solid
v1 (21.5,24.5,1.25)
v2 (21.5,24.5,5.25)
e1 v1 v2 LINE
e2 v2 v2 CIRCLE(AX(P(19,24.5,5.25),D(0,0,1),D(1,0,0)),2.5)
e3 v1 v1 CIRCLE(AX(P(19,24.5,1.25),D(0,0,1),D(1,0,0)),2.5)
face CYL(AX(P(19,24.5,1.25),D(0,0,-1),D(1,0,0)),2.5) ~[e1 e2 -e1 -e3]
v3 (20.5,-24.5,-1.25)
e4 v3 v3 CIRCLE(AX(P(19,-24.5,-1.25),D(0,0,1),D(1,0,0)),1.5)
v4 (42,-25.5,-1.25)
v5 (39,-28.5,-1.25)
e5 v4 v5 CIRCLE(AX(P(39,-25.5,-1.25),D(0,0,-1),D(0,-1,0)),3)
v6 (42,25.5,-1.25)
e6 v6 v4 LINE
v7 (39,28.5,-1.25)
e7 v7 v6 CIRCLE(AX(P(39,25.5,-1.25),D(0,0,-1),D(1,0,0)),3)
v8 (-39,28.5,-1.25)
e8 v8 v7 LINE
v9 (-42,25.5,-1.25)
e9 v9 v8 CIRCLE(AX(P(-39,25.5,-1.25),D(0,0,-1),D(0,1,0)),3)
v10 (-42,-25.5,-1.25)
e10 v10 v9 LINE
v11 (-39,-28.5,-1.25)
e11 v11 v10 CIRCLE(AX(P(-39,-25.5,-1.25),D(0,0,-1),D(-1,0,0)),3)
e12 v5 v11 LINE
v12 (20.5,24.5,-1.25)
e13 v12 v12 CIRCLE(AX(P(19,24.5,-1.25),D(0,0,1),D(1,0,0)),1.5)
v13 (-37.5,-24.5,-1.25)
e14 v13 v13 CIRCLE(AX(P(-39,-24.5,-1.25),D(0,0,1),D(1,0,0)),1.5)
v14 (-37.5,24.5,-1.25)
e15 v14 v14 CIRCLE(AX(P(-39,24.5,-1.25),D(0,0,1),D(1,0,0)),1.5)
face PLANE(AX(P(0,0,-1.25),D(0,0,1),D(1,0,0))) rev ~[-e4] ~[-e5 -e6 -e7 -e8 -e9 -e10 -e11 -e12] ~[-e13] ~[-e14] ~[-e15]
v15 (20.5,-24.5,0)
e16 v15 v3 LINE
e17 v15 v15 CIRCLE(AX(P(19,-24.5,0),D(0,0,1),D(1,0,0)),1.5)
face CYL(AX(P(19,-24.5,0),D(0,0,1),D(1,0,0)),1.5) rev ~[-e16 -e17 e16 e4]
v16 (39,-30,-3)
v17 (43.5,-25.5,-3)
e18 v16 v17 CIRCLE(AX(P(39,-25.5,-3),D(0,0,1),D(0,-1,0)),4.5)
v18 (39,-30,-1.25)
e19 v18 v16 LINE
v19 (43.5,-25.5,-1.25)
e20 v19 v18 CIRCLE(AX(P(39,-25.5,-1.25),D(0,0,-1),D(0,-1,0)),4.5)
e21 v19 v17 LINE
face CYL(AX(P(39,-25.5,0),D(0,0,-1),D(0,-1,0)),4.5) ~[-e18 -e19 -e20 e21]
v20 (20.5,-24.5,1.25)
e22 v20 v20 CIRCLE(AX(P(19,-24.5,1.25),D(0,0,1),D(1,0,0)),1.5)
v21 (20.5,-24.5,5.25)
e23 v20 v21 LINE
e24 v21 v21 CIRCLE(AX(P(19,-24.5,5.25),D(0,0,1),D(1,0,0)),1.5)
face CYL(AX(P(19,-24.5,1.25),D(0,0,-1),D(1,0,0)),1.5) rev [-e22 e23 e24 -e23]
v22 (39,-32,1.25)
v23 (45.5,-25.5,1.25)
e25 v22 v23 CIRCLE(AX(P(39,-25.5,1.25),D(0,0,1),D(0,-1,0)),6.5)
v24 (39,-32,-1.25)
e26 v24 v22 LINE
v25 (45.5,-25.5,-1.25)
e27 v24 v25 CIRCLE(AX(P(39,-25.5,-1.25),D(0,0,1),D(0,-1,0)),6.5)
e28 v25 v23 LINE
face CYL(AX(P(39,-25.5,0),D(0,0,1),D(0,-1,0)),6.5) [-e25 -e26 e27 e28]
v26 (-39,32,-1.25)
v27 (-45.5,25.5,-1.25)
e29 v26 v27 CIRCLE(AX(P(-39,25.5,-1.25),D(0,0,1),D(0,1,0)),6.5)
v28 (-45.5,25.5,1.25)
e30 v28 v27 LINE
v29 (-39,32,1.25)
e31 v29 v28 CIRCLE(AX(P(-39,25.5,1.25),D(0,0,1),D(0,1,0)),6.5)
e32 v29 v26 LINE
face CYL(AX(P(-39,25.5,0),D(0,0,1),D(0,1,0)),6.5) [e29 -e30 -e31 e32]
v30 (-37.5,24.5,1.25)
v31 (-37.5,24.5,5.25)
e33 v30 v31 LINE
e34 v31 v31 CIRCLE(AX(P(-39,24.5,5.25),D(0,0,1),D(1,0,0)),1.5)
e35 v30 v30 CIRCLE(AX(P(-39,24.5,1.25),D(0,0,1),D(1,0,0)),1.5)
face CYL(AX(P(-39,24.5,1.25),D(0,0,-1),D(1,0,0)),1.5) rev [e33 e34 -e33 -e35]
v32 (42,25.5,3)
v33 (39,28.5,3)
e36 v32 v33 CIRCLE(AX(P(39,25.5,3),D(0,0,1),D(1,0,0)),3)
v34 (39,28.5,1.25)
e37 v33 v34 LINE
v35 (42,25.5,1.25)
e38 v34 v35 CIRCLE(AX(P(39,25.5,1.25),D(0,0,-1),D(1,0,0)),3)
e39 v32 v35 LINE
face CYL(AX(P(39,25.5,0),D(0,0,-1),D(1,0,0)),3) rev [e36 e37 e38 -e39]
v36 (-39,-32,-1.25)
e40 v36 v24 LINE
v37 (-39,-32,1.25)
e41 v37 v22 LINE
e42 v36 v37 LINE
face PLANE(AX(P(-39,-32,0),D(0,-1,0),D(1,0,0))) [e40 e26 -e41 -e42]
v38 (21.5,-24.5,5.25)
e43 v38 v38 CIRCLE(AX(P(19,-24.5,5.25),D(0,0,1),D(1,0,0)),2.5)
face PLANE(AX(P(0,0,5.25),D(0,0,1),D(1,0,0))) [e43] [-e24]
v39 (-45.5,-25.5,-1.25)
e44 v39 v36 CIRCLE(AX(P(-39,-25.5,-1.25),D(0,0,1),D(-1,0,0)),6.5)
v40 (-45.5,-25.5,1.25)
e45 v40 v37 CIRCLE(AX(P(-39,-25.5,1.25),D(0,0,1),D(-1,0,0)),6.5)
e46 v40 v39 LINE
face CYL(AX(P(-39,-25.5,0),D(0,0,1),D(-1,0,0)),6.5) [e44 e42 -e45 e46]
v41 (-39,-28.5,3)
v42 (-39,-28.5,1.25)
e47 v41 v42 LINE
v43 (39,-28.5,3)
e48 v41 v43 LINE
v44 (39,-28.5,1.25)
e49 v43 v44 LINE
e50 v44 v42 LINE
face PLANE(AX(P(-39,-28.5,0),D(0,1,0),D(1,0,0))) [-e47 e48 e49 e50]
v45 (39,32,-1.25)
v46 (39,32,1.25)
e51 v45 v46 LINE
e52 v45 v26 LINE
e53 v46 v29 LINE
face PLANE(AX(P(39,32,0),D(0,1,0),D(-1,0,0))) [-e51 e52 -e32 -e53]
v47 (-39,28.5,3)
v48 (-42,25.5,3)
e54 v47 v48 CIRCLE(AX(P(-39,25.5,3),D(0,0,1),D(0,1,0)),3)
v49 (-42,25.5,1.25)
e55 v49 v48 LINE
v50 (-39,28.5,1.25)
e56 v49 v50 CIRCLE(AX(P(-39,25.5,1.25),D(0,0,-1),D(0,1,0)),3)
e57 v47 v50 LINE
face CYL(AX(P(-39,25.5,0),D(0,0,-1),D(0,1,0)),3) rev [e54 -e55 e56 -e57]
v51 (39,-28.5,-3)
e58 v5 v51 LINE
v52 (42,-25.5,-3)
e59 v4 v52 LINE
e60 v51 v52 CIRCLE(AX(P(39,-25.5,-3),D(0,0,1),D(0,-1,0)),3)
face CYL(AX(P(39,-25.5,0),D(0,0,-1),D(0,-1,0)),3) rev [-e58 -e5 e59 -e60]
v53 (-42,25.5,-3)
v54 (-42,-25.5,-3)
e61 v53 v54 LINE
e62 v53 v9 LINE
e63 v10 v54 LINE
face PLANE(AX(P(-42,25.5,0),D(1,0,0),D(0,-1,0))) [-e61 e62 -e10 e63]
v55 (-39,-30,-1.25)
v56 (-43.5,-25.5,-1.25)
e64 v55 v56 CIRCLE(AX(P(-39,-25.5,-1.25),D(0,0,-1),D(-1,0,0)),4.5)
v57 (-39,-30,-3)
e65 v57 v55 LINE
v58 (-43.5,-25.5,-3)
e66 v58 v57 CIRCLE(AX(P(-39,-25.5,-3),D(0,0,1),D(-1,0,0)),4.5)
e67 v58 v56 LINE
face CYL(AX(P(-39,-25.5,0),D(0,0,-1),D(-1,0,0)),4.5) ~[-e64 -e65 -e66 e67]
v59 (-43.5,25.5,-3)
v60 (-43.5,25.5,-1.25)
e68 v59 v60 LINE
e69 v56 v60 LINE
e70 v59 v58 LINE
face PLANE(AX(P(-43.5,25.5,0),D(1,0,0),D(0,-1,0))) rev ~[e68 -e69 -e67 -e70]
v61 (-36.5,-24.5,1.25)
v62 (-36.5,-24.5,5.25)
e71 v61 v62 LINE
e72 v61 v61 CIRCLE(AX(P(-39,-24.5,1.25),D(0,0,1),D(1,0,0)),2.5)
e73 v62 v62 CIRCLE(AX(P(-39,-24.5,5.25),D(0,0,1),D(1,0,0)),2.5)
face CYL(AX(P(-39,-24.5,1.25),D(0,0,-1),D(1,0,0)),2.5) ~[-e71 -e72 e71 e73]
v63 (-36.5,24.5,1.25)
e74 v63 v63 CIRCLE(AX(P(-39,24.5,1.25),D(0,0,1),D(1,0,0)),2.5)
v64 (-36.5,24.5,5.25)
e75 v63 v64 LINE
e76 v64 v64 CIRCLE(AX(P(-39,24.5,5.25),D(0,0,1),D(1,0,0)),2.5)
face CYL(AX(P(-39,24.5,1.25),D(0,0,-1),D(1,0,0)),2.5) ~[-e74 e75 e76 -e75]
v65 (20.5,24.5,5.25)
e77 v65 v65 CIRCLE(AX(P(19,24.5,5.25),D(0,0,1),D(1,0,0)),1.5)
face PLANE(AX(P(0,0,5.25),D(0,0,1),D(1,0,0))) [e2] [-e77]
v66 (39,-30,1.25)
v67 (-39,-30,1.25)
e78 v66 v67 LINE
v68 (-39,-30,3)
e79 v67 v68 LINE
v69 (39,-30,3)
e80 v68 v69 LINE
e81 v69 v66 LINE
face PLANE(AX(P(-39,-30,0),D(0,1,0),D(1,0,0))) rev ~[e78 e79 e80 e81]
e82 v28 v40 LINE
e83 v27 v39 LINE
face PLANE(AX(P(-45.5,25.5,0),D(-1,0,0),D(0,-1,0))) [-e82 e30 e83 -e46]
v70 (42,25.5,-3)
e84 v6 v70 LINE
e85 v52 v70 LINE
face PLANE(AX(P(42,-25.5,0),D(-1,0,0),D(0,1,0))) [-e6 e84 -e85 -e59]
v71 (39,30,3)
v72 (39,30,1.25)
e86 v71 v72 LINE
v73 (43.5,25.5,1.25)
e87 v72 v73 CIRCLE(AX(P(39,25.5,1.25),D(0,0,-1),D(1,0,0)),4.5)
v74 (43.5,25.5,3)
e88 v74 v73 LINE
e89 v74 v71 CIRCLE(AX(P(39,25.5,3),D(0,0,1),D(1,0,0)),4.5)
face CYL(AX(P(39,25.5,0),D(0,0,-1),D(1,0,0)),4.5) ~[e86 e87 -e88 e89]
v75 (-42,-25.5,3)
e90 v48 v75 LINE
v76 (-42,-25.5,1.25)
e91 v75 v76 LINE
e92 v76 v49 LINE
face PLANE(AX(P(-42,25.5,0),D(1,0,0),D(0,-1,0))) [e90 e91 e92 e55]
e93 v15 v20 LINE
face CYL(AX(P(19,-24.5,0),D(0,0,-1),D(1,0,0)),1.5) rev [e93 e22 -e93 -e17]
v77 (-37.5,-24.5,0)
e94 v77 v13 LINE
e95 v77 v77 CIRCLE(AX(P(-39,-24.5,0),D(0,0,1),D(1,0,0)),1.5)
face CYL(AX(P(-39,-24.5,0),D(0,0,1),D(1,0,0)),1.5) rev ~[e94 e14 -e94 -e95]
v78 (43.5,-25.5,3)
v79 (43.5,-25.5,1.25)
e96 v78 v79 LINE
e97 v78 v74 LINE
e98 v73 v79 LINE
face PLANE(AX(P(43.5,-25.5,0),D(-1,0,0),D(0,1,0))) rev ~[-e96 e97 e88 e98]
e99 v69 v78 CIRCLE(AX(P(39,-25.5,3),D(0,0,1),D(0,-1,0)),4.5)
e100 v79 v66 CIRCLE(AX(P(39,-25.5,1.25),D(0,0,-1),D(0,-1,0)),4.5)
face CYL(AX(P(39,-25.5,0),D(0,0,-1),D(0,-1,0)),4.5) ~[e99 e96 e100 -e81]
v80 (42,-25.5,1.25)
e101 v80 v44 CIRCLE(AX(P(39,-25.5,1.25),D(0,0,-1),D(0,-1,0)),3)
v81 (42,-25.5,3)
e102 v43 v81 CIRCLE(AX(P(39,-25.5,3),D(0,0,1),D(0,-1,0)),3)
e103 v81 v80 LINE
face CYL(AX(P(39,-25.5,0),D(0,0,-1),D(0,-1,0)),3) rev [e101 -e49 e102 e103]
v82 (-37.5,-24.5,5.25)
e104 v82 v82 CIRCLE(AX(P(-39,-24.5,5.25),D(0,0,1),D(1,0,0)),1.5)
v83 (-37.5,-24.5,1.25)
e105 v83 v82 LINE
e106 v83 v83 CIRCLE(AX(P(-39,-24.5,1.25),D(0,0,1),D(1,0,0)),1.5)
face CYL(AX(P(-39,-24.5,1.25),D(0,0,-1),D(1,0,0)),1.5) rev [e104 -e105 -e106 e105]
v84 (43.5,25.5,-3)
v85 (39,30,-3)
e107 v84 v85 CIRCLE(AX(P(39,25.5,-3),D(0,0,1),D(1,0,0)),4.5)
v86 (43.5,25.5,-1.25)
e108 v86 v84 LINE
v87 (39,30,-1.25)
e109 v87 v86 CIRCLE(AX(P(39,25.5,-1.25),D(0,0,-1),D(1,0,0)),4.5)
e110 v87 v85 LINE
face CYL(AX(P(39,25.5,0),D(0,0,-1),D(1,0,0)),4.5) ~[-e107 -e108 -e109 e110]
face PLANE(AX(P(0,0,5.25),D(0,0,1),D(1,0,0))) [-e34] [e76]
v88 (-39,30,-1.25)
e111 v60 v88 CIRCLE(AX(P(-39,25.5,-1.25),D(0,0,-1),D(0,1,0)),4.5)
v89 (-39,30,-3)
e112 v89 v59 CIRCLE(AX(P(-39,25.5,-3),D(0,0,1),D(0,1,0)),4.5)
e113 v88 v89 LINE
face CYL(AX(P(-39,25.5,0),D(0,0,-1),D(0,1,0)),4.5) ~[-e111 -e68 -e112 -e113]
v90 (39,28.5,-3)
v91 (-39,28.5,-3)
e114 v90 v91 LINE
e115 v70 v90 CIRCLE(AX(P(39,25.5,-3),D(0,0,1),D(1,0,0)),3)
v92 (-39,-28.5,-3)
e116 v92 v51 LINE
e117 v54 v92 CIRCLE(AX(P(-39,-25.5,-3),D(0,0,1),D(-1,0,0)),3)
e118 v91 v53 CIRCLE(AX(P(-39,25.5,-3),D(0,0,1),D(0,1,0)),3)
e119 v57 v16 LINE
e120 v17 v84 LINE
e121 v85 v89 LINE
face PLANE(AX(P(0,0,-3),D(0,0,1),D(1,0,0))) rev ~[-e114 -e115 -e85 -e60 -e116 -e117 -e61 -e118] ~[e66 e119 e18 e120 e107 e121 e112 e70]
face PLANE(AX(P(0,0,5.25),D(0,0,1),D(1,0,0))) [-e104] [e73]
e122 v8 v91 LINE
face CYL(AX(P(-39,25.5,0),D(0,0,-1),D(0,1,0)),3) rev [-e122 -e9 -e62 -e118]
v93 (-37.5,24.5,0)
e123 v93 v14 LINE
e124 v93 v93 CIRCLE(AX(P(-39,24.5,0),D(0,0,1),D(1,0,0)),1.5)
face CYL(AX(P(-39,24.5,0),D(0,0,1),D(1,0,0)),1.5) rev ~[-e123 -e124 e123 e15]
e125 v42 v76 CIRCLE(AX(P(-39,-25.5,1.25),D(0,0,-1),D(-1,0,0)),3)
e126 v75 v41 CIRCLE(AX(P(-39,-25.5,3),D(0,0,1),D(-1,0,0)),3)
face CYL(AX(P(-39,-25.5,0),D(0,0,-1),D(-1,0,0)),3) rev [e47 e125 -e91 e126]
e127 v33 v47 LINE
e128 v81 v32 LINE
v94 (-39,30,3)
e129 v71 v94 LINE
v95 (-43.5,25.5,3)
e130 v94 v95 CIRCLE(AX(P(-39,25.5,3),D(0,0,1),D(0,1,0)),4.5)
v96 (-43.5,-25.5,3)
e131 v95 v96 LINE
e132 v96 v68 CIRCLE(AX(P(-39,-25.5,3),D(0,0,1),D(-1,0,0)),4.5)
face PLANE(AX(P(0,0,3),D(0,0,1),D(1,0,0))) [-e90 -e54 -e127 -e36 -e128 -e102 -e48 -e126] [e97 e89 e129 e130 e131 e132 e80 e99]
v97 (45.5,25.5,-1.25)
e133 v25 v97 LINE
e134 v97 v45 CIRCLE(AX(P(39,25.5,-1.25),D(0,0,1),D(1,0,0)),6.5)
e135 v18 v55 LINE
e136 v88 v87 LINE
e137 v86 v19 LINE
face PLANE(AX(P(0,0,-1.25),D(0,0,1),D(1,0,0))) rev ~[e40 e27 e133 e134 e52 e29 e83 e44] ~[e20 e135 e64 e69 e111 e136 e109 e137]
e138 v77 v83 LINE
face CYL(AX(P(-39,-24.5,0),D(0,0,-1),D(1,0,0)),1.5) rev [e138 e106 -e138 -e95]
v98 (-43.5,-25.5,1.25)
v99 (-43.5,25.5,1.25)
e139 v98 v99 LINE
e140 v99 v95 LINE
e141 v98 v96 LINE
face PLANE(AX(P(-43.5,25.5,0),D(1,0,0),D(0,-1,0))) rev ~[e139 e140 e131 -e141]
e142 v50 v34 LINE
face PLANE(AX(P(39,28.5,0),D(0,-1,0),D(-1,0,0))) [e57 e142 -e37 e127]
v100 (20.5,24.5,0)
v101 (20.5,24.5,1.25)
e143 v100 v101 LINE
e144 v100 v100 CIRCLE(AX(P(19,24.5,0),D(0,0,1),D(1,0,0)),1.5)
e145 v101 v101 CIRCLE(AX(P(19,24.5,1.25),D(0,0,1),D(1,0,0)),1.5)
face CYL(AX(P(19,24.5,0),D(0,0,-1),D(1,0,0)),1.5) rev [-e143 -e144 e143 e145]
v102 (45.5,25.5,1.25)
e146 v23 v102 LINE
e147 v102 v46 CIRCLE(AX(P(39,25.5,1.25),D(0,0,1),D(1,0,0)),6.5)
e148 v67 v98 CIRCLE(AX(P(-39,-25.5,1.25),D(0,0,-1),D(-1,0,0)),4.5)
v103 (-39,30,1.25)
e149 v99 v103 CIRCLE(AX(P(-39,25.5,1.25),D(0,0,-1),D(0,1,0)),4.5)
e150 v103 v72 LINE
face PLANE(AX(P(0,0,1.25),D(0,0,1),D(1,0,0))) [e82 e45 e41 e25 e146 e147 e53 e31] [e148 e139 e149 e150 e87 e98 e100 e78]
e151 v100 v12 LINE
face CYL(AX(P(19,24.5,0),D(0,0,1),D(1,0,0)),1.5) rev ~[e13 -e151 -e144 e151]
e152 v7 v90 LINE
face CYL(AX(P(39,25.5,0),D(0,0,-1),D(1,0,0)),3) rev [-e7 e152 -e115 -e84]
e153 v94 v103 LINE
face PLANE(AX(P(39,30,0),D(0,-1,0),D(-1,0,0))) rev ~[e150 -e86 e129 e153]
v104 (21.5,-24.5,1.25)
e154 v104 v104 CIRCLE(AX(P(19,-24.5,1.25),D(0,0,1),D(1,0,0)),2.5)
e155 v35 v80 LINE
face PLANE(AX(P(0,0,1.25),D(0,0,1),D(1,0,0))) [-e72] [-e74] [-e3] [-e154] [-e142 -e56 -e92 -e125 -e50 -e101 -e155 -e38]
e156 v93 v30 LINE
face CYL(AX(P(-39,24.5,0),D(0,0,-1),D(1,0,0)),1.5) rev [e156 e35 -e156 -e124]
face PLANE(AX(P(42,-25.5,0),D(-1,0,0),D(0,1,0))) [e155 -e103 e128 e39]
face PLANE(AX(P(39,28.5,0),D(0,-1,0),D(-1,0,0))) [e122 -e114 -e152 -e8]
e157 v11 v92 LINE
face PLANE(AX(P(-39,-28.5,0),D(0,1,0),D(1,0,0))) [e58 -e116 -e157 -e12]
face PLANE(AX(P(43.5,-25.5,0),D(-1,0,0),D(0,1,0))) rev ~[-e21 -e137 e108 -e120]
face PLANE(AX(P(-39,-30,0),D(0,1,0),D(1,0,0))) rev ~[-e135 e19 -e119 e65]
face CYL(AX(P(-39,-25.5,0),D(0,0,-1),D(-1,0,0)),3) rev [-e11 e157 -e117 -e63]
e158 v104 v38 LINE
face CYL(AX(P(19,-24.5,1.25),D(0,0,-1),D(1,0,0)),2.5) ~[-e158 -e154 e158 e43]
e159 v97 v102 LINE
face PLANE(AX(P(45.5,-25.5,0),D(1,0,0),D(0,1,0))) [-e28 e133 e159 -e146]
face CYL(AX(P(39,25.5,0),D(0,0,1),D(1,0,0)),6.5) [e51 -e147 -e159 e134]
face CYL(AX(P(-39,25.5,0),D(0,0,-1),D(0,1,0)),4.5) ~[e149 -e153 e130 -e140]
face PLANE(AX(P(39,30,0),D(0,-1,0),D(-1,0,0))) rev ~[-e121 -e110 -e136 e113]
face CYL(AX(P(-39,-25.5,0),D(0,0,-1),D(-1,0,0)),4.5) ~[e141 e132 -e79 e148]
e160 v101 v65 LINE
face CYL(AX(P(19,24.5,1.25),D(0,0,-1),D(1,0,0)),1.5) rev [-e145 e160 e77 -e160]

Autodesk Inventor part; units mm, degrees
ref_plane "YZ Plane" through (0, 0, 0) normal (1, 0, 0) x (0, 1, 0)
ref_plane "XZ Plane" through (0, 0, 0) normal (0, 1, 0) x (-1, 0, 0)
ref_plane "XY Plane" through (0, 0, 0) normal (0, 0, 1) x (1, 0, 0)
sketch "Boceto1" plane through (0, 0, 0) normal (0, 0, 1) x (1, 0, 0)
  line L0 (-39, -32) -> (39, -32)
  line L1 (45.5, -25.5) -> (45.5, 25.5)
  line L2 (39, 32) -> (-39, 32)
  line L3 (-45.5, 25.5) -> (-45.5, -25.5)
  line L4 (-45.5, -32) -> (45.5, 32) construction
  line L5 (45.5, -32) -> (-45.5, 32) construction
  line L6 (-45.5, -32) -> (45.5, -32) construction
  arc A0 (-39, 32) -> (-45.5, 25.5) centre (-39, 25.5) ccw
  arc A1 (-45.5, -25.5) -> (-39, -32) centre (-39, -25.5) ccw
  arc A2 (45.5, 25.5) -> (39, 32) centre (39, 25.5) ccw
  arc A3 (39, -32) -> (45.5, -25.5) centre (39, -25.5) ccw
  line L7 (-43.5, 25.5) -> (-43.5, -25.5)
  arc A4 (-43.5, -25.5) -> (-39, -30) centre (-39, -25.5) ccw
  line L8 (-39, -30) -> (39, -30)
  arc A5 (39, -30) -> (43.5, -25.5) centre (39, -25.5) ccw
  line L9 (43.5, -25.5) -> (43.5, 25.5)
  arc A6 (43.5, 25.5) -> (39, 30) centre (39, 25.5) ccw
  line L10 (39, 30) -> (-39, 30)
  arc A7 (-39, 30) -> (-43.5, 25.5) centre (-39, 25.5) ccw
  line L11 (-42, 25.5) -> (-42, -25.5)
  arc A8 (-42, -25.5) -> (-39, -28.5) centre (-39, -25.5) ccw
  line L12 (-39, -28.5) -> (39, -28.5)
  arc A9 (39, -28.5) -> (42, -25.5) centre (39, -25.5) ccw
  line L13 (42, -25.5) -> (42, 25.5)
  arc A10 (42, 25.5) -> (39, 28.5) centre (39, 25.5) ccw
  line L14 (39, 28.5) -> (-39, 28.5)
  arc A11 (-39, 28.5) -> (-42, 25.5) centre (-39, 25.5) ccw
  circle A12 centre (-39, 24.5) radius 1.5
  circle A13 centre (-39, -24.5) radius 1.5
  circle A14 centre (19, 24.5) radius 1.5
  circle A15 centre (19, -24.5) radius 1.5
  line L15 (-42.5, 28) -> (42.5, 28) construction
  line L16 (42.5, 28) -> (42.5, -28) construction
  line L17 (42.5, -28) -> (-42.5, -28) construction
  line L18 (-42.5, -28) -> (-42.5, 28) construction
  line L19 (-42.5, 28) -> (42.5, -28) construction
  line L20 (42.5, 28) -> (-42.5, -28) construction
  point P0 (0, 0)
  dimension "d0" = 91
  dimension "d1" = 0
  dimension "d2" = 64
  dimension "d4" = 13
  dimension "d5" = 13
  dimension "d6" = 13
  dimension "d7" = 13
  dimension "d48" = 2
  dimension "d49" = 1.5
  dimension "d52" = 3
  dimension "d55" = 3
  dimension "d56" = 3
  dimension "d57" = 3
  dimension "d58" = 58
  dimension "d59" = 49
  dimension "d60" = 60
  dimension "d61" = 87
  dimension "d62" = 85
  dimension "d63" = 56
  dimension "d64" = 3.5
  dimension "d65" = 3.5
extrude "Extrusión3" add sketch "Boceto1" along normal mid plane 2.5 contours A1 L3 A0 L2 A2 L1 A3 L0 | A7 L10 A6 L9 A5 L8 A4 L7 | A11 L14 A10 L13 A9 L12 A8 L11
extrude "Extrusión4" add sketch "Boceto1" along normal mid plane 6 contours A7 L10 A6 L9 A5 L8 A4 L7
sketch "Boceto3" plane through (0, 0, 1.25) normal (0, 0, 1) x (1, 0, 0)
  arc A0 (-39, 28.5) -> (-42, 25.5) centre (-39, 25.5) ccw projected
  line L0 (-42, 25.5) -> (-42, -25.5) projected
  arc A1 (-42, -25.5) -> (-39, -28.5) centre (-39, -25.5) ccw projected
  line L1 (-39, -28.5) -> (39, -28.5) projected
  arc A2 (39, -28.5) -> (42, -25.5) centre (39, -25.5) ccw projected
  line L2 (42, -25.5) -> (42, 25.5) projected
  arc A3 (42, 25.5) -> (39, 28.5) centre (39, 25.5) ccw projected
  line L3 (39, 28.5) -> (-39, 28.5) projected
  circle A4 centre (19, -24.5) radius 1.5 projected
  circle A5 centre (19, 24.5) radius 1.5 projected
  circle A6 centre (-39, -24.5) radius 1.5 projected
  circle A7 centre (-39, 24.5) radius 1.5 projected
  circle A8 centre (-39, -24.5) radius 2.5
  circle A9 centre (-39, 24.5) radius 2.5
  circle A10 centre (19, -24.5) radius 2.5
  circle A11 centre (19, 24.5) radius 2.5
  point P0 (0, 0)
  dimension "d70" = 1
  dimension "d71" = 1
  dimension "d72" = 1
  dimension "d73" = 1
extrude "Extrusión5" add sketch "Boceto3" along normal blind 4 contours A8 | A9 | A10 | A11
properties part number "TapaIntermedia"
